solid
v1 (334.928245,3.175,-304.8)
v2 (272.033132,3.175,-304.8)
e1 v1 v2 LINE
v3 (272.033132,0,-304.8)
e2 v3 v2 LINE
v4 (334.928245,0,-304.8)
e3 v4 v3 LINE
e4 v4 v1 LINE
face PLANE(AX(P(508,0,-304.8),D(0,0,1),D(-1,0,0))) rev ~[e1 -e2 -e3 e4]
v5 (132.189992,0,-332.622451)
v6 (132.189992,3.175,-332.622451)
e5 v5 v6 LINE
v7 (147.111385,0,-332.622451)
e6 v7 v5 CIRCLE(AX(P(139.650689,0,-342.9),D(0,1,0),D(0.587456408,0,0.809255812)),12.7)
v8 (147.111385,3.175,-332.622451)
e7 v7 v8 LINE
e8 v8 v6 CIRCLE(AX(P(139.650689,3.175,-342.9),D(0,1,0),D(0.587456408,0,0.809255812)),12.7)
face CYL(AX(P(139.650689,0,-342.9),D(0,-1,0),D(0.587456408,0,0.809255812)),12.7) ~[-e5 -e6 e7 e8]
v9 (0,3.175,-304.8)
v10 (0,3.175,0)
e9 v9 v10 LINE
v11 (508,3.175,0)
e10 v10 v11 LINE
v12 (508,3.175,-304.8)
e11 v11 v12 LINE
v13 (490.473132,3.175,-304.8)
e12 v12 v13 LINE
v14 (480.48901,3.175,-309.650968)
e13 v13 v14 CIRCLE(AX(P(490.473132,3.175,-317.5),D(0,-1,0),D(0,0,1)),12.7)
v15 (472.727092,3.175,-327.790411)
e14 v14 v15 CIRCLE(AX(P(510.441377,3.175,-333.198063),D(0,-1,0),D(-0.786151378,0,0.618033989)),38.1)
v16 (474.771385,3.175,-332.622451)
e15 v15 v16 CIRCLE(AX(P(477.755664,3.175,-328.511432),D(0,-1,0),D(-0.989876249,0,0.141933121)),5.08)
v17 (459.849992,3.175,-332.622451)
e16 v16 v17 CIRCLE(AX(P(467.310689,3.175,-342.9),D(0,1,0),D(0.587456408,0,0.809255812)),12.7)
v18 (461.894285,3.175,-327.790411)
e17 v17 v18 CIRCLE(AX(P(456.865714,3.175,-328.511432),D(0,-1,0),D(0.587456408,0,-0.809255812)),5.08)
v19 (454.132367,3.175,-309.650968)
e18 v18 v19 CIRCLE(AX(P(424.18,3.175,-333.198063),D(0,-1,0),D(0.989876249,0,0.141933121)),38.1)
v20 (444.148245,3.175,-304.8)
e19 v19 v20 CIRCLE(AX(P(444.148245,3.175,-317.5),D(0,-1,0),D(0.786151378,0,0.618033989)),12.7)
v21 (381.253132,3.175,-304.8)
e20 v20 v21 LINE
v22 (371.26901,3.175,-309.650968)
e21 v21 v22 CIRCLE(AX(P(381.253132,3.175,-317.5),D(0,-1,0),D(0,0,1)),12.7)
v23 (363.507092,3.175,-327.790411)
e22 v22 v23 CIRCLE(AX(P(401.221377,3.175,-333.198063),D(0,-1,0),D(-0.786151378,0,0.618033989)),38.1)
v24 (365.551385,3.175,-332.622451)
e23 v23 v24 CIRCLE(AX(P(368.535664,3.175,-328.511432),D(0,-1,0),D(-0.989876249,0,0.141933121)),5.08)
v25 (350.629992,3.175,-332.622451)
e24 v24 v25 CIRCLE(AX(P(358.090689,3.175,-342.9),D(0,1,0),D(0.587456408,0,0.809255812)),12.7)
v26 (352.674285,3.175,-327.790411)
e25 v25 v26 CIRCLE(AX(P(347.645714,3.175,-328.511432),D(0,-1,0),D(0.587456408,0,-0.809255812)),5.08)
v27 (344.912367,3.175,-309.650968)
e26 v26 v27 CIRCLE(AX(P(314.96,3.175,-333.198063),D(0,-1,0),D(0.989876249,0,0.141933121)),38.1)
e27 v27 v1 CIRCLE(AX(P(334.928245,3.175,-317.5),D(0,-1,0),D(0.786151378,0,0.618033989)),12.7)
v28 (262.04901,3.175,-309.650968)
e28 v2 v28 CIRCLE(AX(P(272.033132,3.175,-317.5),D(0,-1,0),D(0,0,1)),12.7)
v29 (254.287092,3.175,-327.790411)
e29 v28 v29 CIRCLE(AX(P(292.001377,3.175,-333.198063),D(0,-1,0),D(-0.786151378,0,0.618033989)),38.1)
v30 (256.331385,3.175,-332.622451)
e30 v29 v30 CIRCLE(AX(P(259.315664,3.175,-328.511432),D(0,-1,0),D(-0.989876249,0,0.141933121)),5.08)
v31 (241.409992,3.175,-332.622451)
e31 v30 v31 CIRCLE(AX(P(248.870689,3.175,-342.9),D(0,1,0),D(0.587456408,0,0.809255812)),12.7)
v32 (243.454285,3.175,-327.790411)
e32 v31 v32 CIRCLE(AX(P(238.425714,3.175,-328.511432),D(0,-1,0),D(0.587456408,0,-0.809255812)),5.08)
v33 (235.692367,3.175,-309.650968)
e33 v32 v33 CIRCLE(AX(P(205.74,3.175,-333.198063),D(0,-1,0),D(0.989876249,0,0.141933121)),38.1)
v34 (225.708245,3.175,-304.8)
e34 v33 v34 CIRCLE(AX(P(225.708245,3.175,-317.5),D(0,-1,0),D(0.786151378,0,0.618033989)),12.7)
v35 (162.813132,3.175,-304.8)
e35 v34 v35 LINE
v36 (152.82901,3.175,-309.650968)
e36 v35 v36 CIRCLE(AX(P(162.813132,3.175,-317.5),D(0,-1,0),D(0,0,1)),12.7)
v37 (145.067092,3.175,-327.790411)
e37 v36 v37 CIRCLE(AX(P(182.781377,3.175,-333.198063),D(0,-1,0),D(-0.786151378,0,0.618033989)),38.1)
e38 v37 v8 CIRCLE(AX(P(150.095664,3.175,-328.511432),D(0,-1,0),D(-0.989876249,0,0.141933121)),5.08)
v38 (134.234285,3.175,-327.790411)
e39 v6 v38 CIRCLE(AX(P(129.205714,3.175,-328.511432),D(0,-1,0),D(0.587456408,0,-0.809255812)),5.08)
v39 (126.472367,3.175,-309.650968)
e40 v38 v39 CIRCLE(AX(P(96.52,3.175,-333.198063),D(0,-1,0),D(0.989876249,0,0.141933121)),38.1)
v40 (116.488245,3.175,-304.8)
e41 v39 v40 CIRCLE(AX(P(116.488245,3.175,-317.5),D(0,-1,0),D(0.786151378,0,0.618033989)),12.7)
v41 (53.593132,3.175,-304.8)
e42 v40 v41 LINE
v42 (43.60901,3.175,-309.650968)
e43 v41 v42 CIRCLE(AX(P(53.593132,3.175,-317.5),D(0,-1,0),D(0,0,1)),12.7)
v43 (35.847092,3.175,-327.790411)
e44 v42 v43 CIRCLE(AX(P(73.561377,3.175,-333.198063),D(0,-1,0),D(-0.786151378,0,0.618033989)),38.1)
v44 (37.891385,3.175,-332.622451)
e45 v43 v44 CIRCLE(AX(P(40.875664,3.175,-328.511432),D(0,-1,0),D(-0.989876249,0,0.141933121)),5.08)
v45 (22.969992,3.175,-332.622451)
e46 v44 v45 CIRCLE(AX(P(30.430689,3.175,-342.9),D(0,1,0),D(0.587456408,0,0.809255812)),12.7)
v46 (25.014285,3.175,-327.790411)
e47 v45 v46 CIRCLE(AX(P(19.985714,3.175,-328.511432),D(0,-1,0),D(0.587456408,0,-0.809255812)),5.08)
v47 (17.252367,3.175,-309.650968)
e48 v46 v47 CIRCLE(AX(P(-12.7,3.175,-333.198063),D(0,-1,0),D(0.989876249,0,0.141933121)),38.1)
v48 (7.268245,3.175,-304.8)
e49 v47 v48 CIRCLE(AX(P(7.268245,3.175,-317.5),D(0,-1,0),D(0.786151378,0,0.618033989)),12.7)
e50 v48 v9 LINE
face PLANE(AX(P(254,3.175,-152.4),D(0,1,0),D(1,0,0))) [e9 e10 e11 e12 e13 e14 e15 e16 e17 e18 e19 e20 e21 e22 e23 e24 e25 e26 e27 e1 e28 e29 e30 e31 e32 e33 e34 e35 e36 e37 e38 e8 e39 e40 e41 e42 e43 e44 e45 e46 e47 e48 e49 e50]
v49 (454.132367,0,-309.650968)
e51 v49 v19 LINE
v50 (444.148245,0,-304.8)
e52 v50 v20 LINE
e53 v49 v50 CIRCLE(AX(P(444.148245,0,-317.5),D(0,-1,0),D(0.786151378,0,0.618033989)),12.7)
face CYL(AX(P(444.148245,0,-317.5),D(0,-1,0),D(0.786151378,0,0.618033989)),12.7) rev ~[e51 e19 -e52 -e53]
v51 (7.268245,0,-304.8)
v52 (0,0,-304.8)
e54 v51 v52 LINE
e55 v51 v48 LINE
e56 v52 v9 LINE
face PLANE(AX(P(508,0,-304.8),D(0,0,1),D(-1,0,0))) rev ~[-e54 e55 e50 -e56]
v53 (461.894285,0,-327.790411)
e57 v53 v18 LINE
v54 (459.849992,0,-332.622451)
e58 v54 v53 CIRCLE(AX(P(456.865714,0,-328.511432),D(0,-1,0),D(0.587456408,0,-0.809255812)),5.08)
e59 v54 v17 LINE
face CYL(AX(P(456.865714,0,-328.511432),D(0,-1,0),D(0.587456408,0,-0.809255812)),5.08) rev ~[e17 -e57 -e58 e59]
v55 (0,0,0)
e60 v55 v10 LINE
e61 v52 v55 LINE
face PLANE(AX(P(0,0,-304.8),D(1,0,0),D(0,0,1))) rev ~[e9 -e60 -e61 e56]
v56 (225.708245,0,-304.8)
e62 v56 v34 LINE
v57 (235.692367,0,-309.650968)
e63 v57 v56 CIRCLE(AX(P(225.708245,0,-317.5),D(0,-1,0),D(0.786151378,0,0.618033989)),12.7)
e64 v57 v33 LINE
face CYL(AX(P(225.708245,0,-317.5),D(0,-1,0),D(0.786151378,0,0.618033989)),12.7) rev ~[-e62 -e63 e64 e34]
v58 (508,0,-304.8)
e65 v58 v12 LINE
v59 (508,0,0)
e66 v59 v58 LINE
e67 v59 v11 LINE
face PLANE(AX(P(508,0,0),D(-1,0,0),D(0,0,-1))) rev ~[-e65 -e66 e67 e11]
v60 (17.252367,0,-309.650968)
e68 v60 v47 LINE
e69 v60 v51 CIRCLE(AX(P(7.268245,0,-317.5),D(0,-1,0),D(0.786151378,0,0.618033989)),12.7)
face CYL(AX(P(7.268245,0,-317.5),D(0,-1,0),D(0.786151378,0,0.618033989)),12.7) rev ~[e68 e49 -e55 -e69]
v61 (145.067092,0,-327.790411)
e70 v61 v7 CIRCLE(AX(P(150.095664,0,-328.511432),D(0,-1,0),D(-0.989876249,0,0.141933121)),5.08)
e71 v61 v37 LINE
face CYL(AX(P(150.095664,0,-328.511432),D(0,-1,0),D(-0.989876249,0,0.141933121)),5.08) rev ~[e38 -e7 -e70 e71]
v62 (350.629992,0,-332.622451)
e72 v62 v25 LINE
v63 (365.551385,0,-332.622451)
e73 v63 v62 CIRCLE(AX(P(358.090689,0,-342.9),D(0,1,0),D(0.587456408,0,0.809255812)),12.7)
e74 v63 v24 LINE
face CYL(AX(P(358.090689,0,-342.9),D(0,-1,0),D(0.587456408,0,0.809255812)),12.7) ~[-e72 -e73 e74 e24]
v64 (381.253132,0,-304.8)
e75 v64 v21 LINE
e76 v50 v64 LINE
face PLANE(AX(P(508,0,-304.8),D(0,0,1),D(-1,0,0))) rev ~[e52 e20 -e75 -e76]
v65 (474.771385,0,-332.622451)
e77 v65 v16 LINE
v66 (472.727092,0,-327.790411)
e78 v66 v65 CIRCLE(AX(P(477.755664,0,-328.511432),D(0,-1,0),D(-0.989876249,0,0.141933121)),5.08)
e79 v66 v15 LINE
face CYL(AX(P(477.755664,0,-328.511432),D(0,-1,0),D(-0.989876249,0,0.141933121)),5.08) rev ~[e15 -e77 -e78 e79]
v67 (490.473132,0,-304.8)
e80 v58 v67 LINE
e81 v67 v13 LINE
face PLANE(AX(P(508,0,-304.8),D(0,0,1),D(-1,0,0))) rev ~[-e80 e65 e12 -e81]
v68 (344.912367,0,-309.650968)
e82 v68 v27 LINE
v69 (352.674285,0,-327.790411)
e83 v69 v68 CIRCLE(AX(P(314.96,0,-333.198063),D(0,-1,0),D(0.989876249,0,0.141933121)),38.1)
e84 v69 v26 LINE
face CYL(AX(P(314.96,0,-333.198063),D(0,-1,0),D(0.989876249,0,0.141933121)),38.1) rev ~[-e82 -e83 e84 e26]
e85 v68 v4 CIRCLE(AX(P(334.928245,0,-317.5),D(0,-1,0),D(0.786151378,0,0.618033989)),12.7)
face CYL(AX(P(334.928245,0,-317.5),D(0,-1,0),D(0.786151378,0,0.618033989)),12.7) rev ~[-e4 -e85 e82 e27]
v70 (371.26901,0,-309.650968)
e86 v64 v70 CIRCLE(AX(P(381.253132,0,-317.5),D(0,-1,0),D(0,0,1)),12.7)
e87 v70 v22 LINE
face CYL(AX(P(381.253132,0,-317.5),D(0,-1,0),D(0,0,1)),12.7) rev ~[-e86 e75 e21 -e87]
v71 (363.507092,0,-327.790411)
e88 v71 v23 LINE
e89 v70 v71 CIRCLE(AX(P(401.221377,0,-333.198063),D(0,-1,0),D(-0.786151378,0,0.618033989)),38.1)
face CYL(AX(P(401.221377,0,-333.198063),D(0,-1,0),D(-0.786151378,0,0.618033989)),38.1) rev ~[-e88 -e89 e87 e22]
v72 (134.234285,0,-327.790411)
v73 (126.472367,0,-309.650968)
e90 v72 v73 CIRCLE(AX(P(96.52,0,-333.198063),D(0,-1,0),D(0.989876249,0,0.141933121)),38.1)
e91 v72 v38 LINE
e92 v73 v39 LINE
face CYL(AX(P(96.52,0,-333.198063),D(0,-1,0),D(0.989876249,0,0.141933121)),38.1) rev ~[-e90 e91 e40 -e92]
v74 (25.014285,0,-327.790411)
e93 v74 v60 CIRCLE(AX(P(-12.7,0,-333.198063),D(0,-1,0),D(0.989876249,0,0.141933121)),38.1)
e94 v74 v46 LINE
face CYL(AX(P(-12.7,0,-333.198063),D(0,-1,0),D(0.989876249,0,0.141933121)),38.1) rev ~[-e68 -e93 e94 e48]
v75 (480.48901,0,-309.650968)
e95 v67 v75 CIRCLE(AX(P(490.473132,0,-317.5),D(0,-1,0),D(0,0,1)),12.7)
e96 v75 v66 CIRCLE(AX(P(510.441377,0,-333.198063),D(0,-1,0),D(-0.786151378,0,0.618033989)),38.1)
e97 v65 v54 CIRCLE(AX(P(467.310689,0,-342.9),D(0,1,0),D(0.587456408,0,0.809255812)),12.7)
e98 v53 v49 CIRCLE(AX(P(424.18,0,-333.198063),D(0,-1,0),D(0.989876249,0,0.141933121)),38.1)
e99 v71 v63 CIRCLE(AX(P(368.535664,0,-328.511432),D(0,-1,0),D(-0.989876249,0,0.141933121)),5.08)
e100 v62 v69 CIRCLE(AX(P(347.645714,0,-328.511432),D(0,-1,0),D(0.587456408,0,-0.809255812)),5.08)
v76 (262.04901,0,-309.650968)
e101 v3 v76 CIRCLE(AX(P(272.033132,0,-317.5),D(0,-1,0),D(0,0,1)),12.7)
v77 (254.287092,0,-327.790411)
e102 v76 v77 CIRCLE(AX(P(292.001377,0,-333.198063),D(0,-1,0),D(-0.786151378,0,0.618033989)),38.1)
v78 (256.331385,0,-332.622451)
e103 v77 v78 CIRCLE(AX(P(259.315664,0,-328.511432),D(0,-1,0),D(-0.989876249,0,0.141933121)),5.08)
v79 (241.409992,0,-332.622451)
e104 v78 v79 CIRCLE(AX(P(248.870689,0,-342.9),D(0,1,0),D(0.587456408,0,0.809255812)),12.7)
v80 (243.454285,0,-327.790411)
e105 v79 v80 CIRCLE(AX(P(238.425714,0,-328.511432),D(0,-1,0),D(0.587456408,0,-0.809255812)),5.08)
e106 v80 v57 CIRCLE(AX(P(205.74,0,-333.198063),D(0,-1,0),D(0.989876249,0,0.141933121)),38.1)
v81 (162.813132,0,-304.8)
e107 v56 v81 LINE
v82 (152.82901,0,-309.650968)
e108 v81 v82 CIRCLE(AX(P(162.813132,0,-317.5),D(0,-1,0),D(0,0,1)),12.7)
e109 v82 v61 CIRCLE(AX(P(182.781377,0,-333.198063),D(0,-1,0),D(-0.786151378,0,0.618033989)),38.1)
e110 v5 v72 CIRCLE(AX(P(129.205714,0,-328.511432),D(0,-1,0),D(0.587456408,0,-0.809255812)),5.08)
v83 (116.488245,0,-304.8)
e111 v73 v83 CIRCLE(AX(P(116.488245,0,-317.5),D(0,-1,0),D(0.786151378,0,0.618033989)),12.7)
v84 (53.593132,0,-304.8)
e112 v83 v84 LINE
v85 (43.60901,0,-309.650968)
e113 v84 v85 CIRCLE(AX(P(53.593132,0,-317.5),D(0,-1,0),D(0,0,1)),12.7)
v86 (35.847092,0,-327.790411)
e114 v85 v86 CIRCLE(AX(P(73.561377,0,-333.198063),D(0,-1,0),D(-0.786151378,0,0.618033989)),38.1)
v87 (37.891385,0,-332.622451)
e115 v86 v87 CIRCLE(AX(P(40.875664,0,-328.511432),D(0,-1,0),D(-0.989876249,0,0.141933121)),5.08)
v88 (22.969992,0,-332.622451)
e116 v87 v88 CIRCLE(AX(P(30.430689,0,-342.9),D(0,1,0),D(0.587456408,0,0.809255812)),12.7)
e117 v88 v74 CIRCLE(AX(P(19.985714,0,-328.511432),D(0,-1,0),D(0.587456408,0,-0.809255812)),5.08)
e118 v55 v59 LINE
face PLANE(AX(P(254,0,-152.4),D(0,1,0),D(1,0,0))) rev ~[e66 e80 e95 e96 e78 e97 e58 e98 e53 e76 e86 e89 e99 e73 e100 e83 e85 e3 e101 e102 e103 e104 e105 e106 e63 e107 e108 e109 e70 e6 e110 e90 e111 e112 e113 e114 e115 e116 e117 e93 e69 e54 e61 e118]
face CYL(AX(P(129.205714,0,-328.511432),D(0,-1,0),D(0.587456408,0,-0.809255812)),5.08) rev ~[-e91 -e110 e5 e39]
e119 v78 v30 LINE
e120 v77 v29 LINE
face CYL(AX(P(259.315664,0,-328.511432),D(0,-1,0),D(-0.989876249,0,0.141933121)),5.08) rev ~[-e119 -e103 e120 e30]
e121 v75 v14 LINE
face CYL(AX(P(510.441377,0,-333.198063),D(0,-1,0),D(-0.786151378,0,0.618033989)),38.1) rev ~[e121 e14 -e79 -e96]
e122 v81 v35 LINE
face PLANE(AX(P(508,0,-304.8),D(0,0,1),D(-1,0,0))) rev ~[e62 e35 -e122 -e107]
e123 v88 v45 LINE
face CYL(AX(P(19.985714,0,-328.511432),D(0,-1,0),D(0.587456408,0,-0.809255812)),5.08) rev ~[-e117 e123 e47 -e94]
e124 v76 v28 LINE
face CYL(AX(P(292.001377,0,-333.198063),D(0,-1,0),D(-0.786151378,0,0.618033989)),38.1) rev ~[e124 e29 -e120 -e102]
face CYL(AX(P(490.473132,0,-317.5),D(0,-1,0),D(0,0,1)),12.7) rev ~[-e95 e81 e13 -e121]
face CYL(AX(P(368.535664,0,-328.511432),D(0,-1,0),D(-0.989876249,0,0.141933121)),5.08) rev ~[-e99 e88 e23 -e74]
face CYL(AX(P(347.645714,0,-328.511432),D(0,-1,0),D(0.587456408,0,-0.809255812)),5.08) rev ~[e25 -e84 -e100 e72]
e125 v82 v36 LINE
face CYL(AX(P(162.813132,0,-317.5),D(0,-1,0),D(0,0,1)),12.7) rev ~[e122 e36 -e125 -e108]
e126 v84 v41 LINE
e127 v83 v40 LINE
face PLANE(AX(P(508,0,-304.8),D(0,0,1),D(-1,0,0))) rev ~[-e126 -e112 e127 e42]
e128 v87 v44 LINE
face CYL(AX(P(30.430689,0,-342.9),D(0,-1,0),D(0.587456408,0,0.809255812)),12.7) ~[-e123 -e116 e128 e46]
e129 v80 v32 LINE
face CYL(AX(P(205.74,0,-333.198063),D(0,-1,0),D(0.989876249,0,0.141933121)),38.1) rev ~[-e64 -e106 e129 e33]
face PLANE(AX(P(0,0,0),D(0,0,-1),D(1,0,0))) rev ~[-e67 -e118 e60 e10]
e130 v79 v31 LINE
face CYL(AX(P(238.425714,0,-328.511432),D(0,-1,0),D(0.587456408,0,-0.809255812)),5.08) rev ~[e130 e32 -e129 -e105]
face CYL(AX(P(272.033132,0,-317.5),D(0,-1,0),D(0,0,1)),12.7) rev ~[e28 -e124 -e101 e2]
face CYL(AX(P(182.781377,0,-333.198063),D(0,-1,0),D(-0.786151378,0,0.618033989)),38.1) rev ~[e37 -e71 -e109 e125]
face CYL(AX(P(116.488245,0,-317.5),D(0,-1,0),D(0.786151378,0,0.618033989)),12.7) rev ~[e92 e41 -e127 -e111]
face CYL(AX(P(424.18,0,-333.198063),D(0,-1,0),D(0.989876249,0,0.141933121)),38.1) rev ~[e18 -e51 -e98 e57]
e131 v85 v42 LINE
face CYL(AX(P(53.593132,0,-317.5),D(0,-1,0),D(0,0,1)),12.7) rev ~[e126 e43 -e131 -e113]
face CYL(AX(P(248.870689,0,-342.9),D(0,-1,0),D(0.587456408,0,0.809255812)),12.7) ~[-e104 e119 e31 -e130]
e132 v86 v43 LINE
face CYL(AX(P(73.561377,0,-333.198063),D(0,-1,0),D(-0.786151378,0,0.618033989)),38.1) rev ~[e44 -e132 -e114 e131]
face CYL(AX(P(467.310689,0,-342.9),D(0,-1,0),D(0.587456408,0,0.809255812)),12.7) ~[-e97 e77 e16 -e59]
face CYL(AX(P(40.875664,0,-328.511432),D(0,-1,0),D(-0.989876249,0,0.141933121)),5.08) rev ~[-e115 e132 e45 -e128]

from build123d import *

# Parameters (mm, degrees)
BOSS_EXTRUDE1_DEPTH = 3.175
BOSS_EXTRUDE2_DEPTH = 3.175
LPATTERN1_COUNT     = 5
LPATTERN1_PITCH     = 109.22


with BuildPart() as part:
    # Sketch1 → Boss-Extrude1 (new body)
    with BuildSketch(Plane(origin=(0, 0, 0), x_dir=(1, 0, 0), z_dir=(0, 1, 0))):
        Polygon((0, 304.8), (0, 0), (508, 0), (508, 304.8), (53.593132378, 304.8), (7.268244995, 304.8), align=None)
    extrude(amount=BOSS_EXTRUDE1_DEPTH)

    # Sketch1<3> → Boss-Extrude2 (add)
    with BuildSketch(Plane(origin=(0, 0, 0), x_dir=(1, 0, 0), z_dir=(0, 1, 0))):
        with BuildLine():
            ThreePointArc((17.252367493, 309.650968343), (12.818348506, 306.076937756), (7.268244995, 304.8))
            Line((7.268244995, 304.8), (53.593132378, 304.8))
            ThreePointArc((53.593132378, 304.8), (48.043028868, 306.076937756), (43.609009881, 309.650968343))
            ThreePointArc((43.609009881, 309.650968343), (38.533476821, 318.209528266), (35.84709227, 327.790411412))
            ThreePointArc((35.84709227, 327.790411412), (36.197138958, 330.490776765), (37.891385065, 332.62245119))
            ThreePointArc((37.891385065, 332.62245119), (30.430688687, 355.6), (22.969992308, 332.62245119))
            ThreePointArc((22.969992308, 332.62245119), (24.664238415, 330.490776765), (25.014285104, 327.790411412))
            ThreePointArc((25.014285104, 327.790411412), (22.327900553, 318.209528266), (17.252367493, 309.650968343))
        make_face()
    boss_extrude2 = extrude(amount=BOSS_EXTRUDE2_DEPTH)

    # LPattern1: Boss-Extrude2 ×5
    with Locations(*[(i * LPATTERN1_PITCH, 0, 0) for i in range(1, LPATTERN1_COUNT)]):
        add(boss_extrude2)


solid = part.part
